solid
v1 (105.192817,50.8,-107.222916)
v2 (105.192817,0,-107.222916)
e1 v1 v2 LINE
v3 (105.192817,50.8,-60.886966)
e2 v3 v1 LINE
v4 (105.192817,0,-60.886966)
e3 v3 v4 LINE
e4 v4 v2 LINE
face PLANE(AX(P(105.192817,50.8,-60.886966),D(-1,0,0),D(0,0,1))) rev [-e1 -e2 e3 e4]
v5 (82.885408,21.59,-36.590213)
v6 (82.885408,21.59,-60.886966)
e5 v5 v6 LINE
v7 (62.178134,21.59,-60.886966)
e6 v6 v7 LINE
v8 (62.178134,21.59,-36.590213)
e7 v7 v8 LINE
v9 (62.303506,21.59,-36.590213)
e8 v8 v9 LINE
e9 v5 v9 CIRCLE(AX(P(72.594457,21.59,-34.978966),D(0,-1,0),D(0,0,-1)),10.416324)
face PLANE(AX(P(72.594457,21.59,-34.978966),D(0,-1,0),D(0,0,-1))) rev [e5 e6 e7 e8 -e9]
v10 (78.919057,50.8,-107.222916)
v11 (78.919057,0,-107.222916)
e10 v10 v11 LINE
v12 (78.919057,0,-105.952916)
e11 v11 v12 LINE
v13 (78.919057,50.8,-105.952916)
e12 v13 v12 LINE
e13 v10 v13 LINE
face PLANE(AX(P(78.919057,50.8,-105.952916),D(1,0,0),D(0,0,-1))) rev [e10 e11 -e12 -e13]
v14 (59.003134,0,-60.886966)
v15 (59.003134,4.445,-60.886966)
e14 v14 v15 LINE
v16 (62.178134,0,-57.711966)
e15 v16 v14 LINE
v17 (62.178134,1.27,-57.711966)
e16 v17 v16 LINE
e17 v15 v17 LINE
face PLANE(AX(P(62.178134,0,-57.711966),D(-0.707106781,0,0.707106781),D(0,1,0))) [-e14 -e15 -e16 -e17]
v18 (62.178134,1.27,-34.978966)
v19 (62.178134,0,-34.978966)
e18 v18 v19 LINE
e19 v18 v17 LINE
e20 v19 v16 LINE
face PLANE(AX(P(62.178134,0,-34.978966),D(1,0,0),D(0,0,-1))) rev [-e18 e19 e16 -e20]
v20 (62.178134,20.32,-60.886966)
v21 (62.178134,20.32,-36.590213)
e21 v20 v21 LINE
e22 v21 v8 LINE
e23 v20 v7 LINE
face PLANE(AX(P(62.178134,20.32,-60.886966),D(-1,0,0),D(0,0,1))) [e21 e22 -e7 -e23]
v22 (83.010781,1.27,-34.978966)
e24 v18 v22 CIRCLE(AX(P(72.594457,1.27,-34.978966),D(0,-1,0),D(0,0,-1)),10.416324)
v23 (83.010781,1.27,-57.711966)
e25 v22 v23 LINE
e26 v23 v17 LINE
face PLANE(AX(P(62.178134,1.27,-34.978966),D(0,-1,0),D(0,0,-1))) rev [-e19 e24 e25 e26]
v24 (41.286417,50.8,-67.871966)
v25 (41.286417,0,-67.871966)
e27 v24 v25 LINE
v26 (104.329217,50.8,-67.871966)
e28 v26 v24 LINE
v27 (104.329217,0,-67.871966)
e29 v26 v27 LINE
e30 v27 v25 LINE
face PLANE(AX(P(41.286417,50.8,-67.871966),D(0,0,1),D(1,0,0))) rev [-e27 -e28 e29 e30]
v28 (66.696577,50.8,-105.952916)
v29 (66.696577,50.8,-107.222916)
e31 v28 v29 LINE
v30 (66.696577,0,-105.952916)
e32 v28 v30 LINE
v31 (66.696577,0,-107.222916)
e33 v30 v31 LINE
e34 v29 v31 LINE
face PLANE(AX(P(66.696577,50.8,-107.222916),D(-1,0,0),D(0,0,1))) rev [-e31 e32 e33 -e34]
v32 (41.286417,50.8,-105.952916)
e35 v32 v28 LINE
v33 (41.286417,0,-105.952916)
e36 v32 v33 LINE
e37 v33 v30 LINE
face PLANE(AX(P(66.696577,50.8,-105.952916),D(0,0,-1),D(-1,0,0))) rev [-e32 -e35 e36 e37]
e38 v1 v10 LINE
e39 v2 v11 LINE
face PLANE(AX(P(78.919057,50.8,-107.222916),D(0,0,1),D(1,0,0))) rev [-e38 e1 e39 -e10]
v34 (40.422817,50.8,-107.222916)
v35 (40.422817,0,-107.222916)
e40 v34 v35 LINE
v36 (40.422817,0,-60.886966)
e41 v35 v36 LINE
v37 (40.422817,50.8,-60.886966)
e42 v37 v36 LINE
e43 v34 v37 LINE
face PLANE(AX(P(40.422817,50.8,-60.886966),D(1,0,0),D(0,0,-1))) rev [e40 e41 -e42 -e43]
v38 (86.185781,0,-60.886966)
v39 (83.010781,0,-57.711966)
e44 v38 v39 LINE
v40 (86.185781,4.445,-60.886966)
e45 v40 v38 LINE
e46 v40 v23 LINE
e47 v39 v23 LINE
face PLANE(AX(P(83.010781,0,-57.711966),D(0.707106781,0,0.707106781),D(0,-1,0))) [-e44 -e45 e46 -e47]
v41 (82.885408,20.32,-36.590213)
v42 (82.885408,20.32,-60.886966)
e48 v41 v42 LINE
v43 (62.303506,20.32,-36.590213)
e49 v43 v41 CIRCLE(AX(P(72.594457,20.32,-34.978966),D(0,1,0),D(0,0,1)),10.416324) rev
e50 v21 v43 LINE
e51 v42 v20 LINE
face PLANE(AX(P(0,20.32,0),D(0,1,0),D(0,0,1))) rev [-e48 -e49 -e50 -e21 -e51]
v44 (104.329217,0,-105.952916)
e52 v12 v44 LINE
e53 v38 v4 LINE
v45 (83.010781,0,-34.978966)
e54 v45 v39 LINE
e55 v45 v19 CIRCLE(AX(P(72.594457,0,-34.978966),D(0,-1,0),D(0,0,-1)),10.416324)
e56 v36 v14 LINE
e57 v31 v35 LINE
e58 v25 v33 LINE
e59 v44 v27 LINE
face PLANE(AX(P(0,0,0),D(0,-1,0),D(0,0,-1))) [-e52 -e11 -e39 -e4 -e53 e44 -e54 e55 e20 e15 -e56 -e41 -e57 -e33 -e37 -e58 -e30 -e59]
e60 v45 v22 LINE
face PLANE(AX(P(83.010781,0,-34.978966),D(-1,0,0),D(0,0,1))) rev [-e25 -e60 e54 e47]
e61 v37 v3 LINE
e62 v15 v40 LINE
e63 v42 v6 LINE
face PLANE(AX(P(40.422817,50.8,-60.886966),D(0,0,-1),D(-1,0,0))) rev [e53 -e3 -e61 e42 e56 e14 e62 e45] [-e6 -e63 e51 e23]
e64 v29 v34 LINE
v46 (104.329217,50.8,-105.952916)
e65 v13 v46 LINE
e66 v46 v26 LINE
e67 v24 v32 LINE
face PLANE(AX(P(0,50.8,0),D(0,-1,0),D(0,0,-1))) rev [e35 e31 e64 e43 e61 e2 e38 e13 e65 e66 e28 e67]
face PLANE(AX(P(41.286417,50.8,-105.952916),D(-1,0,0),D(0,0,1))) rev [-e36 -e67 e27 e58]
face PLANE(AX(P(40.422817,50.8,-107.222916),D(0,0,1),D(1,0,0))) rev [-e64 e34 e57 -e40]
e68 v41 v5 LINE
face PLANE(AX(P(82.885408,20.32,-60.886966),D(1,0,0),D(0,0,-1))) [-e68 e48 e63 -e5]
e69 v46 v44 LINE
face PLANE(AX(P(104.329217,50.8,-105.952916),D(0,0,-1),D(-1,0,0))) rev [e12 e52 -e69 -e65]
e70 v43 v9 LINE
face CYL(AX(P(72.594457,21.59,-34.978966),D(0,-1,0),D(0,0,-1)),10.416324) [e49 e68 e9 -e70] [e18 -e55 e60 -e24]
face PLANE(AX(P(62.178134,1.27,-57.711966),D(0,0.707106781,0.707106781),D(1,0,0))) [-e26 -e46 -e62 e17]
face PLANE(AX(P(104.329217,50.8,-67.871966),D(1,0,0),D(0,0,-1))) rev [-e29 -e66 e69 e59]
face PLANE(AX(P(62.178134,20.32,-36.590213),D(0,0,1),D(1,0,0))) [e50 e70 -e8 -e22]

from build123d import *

# Parameters (mm, degrees)
BOSS_EXTRUDE1_DEPTH = 50.8
SKETCH3_W           = 20.832647018
SKETCH3_H           = 1.27
BOSS_EXTRUDE2_DEPTH = 25.908
SKETCH5_R           = 10.416323509
BOSS_EXTRUDE3_DEPTH = 21.59
SKETCH14_W          = 20.707274924
SKETCH14_H          = 24.296753771
BOSS_EXTRUDE7_DEPTH = 1.27
CHAMFER2_SIZE       = 3.175


with BuildPart() as part:
    # Sketch2 → Boss-Extrude1 (new body)
    with BuildSketch(Plane(origin=(0, 0, 0), x_dir=(1, 0, 0), z_dir=(0, 1, 0))):
        Polygon((66.696577012, 107.222916401), (66.696577012, 105.952916401), (41.286417012, 105.952916401), (41.286417012, 67.871966401), (104.329217012, 67.871966401), (104.329217012, 105.952916401), (78.919057012, 105.952916401), (78.919057012, 107.222916401), (105.192817012, 107.222916401), (105.192817012, 60.886966401), (40.422817012, 60.886966401), (40.422817012, 107.222916401), align=None)
    extrude(amount=BOSS_EXTRUDE1_DEPTH)

    # Sketch3 → Boss-Extrude2 (add)
    with BuildSketch(Plane.XY.offset(-60.886966401)):
        with Locations((72.594457012, 0.635)):
            Rectangle(SKETCH3_W, SKETCH3_H)
    extrude(amount=BOSS_EXTRUDE2_DEPTH)

    # Sketch5 → Boss-Extrude3 (add)
    with BuildSketch(Plane.XZ):
        with Locations(Location((72.594457012, -34.978966401, 0), (0, 0, 270))):
            Circle(SKETCH5_R)
    extrude(amount=-BOSS_EXTRUDE3_DEPTH)

    # Sketch14 → Boss-Extrude7 (add)
    with BuildSketch(Plane(origin=(0, 21.59, 0), x_dir=(1, 0, 0), z_dir=(0, 1, 0))):
        with Locations((72.531770965, 48.738589516)):
            Rectangle(SKETCH14_W, SKETCH14_H)
    extrude(amount=-BOSS_EXTRUDE7_DEPTH)

    # Chamfer2
    chamfer2_edges = [part.edges().sort_by_distance(p)[0] for p in [
        (62.178133503, 0.635, -60.886966401),
        (83.010780521, 0.635, -60.886966401),
        (72.594457012, 1.27, -60.886966401),
    ]]
    chamfer(chamfer2_edges, length=CHAMFER2_SIZE)


solid = part.part
